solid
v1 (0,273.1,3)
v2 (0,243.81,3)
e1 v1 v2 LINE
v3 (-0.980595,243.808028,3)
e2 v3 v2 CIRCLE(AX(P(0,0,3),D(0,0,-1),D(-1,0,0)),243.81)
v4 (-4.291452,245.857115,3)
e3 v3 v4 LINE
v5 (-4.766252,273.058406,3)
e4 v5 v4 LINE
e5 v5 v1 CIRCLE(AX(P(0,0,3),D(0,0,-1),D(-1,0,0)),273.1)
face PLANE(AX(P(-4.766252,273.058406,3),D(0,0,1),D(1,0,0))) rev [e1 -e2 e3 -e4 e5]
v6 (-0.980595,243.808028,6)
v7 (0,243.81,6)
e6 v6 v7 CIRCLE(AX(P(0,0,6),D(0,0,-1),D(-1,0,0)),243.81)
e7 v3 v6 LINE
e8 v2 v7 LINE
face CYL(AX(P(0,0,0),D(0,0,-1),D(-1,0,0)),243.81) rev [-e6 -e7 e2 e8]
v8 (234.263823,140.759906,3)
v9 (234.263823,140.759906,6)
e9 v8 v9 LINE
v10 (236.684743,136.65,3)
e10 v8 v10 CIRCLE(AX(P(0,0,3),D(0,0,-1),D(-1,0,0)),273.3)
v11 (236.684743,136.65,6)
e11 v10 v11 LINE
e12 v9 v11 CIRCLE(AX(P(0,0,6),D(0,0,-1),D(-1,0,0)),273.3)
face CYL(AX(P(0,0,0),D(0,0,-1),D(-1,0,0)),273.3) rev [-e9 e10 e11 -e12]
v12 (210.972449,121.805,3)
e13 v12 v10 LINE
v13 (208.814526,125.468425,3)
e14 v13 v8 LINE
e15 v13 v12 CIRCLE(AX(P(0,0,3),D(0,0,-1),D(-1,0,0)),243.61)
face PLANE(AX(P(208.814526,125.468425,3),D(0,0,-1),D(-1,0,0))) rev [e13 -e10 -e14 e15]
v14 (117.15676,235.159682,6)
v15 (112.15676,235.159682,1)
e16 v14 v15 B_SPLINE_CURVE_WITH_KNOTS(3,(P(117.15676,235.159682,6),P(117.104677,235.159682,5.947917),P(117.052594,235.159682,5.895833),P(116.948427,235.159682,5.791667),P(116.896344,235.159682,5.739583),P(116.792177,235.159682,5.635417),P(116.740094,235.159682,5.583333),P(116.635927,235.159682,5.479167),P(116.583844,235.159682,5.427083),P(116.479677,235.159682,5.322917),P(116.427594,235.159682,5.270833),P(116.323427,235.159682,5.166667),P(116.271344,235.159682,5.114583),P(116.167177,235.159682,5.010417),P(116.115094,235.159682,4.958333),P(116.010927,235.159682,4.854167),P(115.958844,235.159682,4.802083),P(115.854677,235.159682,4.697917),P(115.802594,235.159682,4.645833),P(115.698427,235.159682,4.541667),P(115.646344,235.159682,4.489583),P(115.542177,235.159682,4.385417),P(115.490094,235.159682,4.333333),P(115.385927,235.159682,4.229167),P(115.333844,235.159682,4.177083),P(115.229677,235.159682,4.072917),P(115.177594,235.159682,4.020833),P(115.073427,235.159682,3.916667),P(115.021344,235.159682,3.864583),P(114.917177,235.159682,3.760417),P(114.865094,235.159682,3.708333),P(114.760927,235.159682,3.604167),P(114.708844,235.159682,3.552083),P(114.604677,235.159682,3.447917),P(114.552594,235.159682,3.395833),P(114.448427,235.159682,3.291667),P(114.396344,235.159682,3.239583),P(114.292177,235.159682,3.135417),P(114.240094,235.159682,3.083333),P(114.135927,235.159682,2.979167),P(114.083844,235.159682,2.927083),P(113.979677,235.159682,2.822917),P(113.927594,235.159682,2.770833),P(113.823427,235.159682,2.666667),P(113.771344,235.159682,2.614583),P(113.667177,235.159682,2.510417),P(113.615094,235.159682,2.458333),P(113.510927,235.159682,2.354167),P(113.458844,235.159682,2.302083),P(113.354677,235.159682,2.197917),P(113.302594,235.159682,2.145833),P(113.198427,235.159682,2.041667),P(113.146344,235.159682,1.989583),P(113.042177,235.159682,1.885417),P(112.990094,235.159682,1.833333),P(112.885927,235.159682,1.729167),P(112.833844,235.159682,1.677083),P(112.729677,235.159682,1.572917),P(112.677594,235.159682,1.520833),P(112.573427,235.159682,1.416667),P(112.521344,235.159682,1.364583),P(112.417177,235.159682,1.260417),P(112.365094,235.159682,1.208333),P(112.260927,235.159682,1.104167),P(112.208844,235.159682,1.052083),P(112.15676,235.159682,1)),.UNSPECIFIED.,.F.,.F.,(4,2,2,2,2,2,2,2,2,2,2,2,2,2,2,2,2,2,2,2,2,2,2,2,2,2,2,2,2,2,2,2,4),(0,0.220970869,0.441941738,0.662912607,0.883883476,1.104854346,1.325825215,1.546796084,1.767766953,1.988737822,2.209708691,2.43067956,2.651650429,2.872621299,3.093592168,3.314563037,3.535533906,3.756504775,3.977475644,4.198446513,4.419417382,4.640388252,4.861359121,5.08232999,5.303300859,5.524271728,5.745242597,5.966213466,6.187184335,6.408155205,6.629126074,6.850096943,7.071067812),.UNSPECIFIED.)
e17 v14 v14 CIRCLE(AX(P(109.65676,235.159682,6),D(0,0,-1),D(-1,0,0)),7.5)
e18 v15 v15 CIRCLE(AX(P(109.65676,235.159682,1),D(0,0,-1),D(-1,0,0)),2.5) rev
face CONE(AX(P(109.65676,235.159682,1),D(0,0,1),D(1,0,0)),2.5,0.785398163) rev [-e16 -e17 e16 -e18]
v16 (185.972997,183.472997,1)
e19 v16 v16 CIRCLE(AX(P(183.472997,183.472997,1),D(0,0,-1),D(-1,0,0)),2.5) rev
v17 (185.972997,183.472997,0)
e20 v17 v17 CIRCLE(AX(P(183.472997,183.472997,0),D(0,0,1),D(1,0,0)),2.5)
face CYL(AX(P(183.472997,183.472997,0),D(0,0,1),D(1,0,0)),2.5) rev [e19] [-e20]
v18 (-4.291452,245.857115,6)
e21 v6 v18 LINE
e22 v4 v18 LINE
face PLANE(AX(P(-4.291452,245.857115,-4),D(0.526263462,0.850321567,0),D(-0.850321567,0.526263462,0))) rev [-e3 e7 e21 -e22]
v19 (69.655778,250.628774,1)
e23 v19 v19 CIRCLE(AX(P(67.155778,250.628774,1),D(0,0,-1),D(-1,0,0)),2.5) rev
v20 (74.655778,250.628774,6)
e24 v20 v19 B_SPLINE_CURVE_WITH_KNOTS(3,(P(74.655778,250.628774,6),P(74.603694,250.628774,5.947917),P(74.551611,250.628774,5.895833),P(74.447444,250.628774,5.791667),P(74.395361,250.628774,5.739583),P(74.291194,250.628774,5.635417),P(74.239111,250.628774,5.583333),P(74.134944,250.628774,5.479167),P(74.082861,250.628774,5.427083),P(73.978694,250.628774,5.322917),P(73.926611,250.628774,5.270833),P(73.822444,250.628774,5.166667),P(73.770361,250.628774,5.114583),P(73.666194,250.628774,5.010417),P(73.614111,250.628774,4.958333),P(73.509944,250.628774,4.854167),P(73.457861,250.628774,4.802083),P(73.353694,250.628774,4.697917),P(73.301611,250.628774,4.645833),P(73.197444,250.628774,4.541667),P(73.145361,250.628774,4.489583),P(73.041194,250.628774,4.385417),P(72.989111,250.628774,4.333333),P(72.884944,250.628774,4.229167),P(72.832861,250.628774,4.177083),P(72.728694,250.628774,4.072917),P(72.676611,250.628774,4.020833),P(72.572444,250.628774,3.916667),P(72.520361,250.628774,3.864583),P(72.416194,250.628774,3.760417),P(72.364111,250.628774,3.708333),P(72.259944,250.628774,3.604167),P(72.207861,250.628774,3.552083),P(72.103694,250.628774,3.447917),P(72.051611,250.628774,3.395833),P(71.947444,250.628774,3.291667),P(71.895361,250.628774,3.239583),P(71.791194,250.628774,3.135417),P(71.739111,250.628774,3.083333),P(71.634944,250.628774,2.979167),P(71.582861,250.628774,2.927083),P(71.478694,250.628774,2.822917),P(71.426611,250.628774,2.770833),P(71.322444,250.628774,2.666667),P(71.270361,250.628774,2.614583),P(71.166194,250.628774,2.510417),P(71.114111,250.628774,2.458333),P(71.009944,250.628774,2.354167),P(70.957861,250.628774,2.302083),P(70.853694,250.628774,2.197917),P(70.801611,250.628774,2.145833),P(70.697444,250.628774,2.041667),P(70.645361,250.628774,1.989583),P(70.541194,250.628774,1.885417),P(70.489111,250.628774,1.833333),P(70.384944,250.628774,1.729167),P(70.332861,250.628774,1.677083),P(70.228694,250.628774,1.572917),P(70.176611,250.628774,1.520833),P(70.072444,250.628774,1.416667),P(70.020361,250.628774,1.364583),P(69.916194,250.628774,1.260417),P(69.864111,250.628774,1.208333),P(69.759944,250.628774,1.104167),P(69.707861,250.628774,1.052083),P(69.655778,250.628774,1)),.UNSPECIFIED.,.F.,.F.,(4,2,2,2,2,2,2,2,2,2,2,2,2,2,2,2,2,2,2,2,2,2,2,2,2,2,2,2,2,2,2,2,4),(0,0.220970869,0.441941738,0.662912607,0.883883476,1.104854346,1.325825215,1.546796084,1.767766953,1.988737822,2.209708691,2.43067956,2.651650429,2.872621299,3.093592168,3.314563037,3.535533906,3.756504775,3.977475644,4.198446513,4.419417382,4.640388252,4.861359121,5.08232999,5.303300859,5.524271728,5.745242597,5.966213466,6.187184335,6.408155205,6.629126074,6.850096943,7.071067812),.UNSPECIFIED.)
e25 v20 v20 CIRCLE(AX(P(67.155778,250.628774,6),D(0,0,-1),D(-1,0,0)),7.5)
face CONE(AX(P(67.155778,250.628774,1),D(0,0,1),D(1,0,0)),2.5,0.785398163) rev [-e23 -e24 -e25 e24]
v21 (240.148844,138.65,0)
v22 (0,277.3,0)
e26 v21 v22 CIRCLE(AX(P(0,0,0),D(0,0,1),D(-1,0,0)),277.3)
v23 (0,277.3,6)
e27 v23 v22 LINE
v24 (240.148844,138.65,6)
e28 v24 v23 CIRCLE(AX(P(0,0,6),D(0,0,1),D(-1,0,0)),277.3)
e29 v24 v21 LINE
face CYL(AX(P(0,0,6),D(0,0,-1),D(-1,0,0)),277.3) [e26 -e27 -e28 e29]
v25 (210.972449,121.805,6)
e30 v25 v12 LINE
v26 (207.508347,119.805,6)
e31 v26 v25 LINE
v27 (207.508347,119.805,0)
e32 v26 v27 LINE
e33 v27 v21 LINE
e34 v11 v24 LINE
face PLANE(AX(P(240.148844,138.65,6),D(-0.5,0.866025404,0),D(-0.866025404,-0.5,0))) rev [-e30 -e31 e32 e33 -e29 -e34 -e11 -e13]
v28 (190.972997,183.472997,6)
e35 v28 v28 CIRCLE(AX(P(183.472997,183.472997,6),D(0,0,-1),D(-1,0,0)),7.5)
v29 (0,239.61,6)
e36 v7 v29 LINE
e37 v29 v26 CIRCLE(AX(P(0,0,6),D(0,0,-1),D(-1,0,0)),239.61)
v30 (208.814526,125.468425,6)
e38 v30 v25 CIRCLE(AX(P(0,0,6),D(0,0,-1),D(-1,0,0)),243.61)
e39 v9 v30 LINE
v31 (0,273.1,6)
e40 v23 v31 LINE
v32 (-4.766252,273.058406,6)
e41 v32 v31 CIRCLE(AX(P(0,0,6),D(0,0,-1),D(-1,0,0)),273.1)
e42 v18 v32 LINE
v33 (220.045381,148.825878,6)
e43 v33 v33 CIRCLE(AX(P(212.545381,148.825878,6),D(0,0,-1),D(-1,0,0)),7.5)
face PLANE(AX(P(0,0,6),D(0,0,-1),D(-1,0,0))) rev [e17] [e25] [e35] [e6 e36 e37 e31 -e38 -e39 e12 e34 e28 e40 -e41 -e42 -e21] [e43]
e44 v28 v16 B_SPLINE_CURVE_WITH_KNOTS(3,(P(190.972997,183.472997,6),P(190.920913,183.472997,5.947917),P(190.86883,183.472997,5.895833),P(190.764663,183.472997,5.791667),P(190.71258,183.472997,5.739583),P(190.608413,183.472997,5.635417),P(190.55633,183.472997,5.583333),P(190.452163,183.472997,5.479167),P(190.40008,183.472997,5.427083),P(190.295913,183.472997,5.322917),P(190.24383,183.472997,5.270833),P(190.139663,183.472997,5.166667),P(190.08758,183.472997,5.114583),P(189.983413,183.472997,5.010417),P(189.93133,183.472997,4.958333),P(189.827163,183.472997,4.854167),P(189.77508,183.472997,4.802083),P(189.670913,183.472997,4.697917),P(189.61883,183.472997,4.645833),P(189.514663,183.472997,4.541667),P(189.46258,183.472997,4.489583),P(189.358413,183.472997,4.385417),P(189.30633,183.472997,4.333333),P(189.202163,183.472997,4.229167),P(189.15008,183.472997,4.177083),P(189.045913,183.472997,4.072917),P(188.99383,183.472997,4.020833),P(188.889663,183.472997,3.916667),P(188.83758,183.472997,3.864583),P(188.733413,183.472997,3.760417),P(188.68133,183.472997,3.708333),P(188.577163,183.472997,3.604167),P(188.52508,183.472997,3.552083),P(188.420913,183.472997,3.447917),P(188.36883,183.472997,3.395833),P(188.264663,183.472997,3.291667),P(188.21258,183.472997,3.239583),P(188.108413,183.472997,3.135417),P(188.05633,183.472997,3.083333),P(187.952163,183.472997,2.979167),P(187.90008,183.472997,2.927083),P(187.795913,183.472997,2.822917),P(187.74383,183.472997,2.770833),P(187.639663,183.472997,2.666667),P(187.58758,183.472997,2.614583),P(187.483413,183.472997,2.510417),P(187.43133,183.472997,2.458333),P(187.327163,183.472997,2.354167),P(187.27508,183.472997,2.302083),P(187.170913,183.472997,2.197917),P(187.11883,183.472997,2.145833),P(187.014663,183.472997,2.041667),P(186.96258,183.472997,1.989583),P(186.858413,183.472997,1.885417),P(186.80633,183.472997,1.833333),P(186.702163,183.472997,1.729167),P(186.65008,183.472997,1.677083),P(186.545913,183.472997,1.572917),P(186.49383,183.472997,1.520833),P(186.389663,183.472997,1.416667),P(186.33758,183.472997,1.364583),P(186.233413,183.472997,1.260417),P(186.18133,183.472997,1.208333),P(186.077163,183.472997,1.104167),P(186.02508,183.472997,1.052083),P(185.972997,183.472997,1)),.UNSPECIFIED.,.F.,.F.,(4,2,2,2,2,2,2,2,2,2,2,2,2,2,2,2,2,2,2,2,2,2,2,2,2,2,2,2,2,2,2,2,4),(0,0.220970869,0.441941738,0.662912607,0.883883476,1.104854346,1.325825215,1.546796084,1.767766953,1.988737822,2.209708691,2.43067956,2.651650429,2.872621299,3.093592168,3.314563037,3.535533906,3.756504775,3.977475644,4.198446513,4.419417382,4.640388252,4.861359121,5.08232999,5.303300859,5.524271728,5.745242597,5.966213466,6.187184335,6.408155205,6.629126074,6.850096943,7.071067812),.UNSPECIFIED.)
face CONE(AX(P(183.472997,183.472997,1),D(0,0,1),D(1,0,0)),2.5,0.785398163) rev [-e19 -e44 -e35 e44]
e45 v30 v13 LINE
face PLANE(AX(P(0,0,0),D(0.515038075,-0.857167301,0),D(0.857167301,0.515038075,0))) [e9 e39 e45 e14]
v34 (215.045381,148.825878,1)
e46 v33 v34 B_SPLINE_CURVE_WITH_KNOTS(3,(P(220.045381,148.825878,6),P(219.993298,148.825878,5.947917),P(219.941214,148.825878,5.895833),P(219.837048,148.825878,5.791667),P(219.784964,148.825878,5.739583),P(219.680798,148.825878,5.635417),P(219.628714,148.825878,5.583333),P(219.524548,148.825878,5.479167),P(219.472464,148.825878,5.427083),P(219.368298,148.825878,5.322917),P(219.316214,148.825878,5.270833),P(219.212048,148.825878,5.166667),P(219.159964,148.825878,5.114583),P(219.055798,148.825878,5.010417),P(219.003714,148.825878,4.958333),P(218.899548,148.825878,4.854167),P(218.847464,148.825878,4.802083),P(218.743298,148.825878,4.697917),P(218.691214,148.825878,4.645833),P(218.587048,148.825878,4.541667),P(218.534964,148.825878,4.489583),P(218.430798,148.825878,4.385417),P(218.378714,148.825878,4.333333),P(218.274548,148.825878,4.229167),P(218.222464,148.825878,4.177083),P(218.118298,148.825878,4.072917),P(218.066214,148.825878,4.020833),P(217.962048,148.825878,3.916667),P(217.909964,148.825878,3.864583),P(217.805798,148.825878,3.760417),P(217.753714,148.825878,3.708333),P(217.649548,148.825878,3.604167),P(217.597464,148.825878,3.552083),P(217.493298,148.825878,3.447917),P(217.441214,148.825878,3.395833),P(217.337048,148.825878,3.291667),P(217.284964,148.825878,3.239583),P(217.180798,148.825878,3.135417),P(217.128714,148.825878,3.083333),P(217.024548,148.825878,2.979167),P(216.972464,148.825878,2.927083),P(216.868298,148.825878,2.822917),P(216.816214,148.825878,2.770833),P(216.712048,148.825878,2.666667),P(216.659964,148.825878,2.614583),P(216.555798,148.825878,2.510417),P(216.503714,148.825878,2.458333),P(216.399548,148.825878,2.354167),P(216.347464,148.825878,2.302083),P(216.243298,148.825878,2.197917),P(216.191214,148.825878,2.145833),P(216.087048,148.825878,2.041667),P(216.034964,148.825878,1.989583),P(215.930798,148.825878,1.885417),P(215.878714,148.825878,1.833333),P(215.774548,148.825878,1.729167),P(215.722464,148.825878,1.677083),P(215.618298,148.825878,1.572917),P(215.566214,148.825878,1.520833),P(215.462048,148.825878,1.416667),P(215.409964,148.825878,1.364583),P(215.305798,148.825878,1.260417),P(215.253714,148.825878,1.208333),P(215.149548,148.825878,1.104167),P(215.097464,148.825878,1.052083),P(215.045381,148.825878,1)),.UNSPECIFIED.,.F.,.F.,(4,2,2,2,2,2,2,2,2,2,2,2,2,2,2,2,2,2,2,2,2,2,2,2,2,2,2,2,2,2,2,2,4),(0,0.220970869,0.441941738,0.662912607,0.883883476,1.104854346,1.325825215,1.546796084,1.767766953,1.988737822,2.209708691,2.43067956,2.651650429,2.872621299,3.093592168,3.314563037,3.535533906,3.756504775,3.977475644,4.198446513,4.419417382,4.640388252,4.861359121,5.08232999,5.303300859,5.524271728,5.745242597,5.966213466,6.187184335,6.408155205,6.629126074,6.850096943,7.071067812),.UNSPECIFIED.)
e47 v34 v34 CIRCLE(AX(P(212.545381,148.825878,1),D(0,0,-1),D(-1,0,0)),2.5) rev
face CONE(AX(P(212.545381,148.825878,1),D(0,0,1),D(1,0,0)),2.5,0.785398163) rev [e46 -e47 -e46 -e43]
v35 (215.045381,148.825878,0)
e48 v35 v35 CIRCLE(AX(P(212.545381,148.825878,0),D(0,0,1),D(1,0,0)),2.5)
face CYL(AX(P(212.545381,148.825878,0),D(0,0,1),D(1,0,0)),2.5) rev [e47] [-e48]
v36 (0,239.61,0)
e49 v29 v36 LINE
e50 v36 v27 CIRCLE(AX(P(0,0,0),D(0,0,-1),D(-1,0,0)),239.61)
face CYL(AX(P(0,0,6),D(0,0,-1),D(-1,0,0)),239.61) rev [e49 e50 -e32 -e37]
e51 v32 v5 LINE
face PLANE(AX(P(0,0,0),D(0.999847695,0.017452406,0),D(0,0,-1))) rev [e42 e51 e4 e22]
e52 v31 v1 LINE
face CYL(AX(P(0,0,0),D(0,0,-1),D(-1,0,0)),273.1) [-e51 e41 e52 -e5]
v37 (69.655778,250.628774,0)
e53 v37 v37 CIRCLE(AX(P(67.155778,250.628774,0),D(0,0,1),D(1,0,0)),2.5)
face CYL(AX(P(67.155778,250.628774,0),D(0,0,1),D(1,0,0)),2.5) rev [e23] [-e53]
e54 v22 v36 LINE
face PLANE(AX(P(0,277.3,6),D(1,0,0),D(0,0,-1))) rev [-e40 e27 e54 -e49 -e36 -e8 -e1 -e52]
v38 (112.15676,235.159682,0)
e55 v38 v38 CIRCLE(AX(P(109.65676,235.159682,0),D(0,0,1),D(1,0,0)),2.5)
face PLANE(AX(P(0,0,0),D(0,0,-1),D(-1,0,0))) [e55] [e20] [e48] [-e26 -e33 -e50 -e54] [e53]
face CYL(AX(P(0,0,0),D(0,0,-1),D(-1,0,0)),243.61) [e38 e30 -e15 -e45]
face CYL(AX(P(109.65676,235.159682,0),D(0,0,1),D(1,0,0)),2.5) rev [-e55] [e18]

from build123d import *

# Parameters (mm, degrees)
BOSS_EXTRU_1_DEPTH                      = 6
ESQUISSE2_R                             = 2.5
ENL_V_MAT_EXTRU_1_DEPTH                 = 6
CHANFREIN1_SIZE                         = 5
ESQUISSE6_W                             = 29.69
ESQUISSE6_H                             = 3
ENL_VEMENT_DE_MATI_RE_R_VOLUTION1_ANGLE = 1
ESQUISSE7_W                             = 3
ESQUISSE7_H                             = 29.29
R_VOLUTION2_ANGLE                       = 1
ENL_V_MAT_EXTRU_2_DEPTH                 = 10


with BuildPart() as part:
    # Esquisse1 → Boss.-Extru.1 (new body)
    with BuildSketch(Plane.XY):
        with BuildLine():
            Line((0, 277.3), (0, 239.61))
            ThreePointArc((0, 239.61), (119.805, 207.508347001), (207.508347001, 119.805))
            Line((207.508347001, 119.805), (240.148844469, 138.65))
            ThreePointArc((240.148844469, 138.65), (138.65, 240.148844469), (0, 277.3))
        make_face()
    extrude(amount=BOSS_EXTRU_1_DEPTH)

    # Esquisse2 → Enlèv. mat.-Extru.1 (cut)
    with BuildSketch(Plane.XY.offset(6)):
        with Locations((67.155777633, 250.628774147)):
            Circle(ESQUISSE2_R)
        with Locations((109.656760374, 235.159681502)):
            Circle(ESQUISSE2_R)
        with Locations((212.545380932, 148.82587794)):
            Circle(ESQUISSE2_R)
        with Locations((183.472996514, 183.472996514)):
            Circle(ESQUISSE2_R)
    extrude(amount=-ENL_V_MAT_EXTRU_1_DEPTH, mode=Mode.SUBTRACT)

    # Chanfrein1
    chanfrein1_edges = [part.edges().sort_by_distance(p)[0] for p in [
        (64.655777633, 250.628774147, 6),
        (107.156760374, 235.159681502, 6),
        (180.972996514, 183.472996514, 6),
        (210.045380932, 148.82587794, 6),
    ]]
    chamfer(chanfrein1_edges, length=CHANFREIN1_SIZE)

    # Esquisse6 → Enlèvement de matière-Révolution1 (revolve, cut)
    with BuildSketch(Plane(origin=(0, 0, 0), x_dir=(0.8660254037844394, 0.49999999999999883, 0), z_dir=(0.49999999999999883, -0.8660254037844394, 0))):
        with Locations((258.455, 4.5)):
            Rectangle(ESQUISSE6_W, ESQUISSE6_H)
    revolve(axis=Axis((0, 0, 0), (0, 0, 1)), revolution_arc=ENL_VEMENT_DE_MATI_RE_R_VOLUTION1_ANGLE, mode=Mode.SUBTRACT)

    # Esquisse7 → Révolution2 (revolve)
    with BuildSketch(Plane.ZY):
        with Locations((4.5, 258.455)):
            Rectangle(ESQUISSE7_W, ESQUISSE7_H)
    revolve(axis=Axis((0, 0, 0), (0, 0, 1)), revolution_arc=R_VOLUTION2_ANGLE)

    # Esquisse8 → Enlèv. mat.-Extru.2 (cut)
    with BuildSketch(Plane.XY.offset(6)):
        Polygon((-4.291451908, 245.857115173), (-0.980595059, 243.808028033), (-4.255071213, 243.772866556), align=None)
    extrude(amount=-ENL_V_MAT_EXTRU_2_DEPTH, mode=Mode.SUBTRACT)


solid = part.part
